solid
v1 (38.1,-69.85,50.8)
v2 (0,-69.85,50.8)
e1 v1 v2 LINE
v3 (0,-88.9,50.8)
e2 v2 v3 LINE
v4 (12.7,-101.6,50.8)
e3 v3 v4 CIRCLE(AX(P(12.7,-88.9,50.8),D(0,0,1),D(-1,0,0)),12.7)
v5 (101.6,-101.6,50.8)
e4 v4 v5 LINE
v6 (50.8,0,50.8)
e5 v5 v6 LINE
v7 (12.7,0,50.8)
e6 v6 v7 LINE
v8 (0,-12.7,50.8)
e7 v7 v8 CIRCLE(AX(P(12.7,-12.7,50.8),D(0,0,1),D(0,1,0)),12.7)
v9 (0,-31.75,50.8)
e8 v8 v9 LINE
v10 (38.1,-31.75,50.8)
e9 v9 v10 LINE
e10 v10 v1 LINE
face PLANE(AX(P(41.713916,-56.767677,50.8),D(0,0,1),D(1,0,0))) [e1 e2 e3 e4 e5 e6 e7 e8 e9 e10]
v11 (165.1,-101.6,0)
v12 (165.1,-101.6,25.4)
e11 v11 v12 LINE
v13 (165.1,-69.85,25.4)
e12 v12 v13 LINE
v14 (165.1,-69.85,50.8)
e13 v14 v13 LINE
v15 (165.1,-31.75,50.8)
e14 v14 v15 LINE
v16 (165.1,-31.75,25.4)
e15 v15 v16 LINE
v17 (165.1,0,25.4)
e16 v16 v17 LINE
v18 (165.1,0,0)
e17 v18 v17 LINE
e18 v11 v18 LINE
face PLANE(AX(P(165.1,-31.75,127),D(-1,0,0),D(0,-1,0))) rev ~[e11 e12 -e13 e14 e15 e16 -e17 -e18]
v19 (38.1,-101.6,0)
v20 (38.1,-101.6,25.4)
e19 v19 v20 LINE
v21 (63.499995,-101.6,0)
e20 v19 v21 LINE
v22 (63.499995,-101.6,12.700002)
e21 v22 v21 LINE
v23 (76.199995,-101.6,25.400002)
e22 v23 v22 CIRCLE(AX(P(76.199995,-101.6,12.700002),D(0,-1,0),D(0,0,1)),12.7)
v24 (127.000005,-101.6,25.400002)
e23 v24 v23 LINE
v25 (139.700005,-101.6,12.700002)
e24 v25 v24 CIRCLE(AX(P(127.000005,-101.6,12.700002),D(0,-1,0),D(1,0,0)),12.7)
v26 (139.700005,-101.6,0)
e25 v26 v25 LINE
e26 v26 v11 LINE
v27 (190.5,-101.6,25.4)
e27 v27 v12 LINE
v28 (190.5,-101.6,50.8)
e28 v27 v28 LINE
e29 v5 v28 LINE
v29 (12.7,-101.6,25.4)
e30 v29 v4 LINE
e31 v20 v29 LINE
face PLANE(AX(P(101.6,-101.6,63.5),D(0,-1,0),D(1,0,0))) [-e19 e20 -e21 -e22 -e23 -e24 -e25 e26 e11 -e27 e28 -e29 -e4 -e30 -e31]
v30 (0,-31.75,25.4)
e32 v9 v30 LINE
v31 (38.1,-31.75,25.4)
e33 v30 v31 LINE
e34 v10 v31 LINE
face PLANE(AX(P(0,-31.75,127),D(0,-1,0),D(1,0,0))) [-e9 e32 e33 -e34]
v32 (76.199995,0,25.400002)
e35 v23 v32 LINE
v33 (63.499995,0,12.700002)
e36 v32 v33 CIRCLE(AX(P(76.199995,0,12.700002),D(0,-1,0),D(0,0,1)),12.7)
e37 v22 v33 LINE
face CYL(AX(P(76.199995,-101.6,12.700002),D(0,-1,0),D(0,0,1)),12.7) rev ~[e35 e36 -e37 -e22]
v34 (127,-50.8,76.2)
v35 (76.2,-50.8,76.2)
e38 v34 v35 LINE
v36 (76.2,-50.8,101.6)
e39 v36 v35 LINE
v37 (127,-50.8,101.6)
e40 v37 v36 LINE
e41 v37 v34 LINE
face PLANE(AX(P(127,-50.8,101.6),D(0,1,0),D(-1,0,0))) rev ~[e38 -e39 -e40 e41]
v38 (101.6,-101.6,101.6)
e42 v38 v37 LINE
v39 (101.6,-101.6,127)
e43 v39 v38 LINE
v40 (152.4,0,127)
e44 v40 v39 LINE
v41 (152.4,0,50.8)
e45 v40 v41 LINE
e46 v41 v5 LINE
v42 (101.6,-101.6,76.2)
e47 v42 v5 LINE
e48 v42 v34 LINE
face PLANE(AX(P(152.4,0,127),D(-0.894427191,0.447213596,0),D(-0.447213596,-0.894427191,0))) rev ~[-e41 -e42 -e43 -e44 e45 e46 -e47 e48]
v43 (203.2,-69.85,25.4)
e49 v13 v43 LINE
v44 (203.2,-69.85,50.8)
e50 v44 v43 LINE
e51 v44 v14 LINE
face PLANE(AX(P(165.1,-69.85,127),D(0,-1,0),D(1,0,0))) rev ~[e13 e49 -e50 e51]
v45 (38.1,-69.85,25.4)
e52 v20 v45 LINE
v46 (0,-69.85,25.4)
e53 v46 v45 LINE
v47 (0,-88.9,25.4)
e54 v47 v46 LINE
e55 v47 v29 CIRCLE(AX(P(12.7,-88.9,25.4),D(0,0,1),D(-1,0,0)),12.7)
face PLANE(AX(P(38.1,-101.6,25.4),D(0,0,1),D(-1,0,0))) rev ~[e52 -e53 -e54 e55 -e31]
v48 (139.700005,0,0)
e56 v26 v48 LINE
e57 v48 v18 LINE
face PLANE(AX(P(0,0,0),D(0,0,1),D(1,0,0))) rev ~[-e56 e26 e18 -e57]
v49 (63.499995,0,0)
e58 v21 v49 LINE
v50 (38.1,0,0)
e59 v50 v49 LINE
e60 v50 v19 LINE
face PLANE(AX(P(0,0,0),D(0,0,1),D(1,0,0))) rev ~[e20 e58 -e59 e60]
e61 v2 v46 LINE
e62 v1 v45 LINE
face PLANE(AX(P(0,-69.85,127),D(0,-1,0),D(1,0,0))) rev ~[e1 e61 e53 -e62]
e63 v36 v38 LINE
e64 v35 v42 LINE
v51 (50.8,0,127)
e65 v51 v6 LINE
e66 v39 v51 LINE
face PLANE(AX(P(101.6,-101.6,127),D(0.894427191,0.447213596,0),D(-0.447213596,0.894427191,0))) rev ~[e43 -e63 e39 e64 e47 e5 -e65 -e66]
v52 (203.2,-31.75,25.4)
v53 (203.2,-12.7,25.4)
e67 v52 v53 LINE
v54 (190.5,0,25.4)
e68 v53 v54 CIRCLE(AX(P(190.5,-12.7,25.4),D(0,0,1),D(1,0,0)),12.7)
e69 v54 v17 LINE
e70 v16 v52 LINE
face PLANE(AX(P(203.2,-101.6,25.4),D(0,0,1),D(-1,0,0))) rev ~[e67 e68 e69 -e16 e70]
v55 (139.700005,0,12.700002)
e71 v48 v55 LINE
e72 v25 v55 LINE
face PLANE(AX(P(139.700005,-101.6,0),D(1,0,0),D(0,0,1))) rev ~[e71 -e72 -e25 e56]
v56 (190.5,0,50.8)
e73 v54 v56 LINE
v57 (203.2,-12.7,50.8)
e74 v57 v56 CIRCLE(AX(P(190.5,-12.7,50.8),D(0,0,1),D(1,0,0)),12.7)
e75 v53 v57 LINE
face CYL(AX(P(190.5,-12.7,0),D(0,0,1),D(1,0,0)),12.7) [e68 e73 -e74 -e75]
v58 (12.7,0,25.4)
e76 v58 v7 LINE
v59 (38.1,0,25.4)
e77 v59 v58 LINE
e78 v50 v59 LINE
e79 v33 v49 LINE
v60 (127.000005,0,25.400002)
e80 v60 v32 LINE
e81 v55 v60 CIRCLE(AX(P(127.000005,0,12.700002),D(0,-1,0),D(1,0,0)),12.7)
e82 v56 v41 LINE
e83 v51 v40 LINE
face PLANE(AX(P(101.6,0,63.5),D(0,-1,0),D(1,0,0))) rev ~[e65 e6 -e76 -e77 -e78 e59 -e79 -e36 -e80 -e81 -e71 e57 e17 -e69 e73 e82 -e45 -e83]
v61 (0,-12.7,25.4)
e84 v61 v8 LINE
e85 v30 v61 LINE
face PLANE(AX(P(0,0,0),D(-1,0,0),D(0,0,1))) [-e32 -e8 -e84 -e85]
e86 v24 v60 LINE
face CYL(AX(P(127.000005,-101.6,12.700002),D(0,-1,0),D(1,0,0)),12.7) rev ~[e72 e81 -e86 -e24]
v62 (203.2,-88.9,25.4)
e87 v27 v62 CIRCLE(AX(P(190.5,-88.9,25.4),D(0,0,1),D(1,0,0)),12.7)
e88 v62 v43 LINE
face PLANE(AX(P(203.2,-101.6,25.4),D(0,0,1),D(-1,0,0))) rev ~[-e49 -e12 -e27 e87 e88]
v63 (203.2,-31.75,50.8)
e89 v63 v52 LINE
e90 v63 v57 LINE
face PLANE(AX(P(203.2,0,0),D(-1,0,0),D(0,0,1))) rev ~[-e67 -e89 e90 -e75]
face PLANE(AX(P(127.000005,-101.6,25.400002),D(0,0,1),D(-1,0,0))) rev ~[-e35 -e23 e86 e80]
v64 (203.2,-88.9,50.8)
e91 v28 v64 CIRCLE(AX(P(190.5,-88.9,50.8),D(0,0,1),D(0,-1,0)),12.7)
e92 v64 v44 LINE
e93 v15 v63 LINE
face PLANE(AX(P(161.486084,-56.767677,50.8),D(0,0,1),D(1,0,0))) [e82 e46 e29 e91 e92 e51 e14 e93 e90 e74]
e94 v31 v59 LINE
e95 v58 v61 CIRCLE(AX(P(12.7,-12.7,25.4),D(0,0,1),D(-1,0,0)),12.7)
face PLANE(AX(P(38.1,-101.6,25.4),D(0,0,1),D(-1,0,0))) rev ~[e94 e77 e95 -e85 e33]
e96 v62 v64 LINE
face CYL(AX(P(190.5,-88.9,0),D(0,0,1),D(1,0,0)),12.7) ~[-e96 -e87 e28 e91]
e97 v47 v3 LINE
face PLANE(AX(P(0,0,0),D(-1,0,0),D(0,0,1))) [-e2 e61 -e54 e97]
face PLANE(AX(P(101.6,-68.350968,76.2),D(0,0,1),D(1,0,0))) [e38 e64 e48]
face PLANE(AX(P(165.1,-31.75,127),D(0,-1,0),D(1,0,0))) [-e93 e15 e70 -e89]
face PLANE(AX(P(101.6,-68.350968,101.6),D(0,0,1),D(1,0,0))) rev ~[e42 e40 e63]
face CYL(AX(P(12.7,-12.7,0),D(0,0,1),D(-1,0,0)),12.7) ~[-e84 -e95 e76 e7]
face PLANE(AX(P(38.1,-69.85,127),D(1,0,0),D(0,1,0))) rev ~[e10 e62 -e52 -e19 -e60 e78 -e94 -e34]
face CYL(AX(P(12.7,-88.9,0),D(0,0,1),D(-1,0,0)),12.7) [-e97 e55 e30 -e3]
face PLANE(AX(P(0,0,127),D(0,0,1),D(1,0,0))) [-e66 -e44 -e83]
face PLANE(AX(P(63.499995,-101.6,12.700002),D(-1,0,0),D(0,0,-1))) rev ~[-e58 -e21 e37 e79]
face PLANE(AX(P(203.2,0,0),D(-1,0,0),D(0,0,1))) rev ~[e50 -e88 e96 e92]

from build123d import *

# Parameters (mm, degrees)
F0_W      = 203.2
F0_H      = 127
F1_DEPTH  = 101.6
F2_R      = 12.7
F3_W      = 12.7
F3_H      = 25.4
F3_W_2    = 25.4
F4_DEPTH  = 101.601
F5_W      = 38.1
F5_H      = 19.05
F6_DEPTH  = 127.001
F8_DEPTH  = 76.2
F10_DEPTH = 101.601
F12_START = -25.4
F12_DEPTH = 25.4


with BuildPart() as f1:
    # F0 (on Front) → F1 (new body)
    with BuildSketch(Plane.XZ):
        with Locations((101.6, 63.5)):
            Rectangle(F0_W, F0_H)
    extrude(amount=F1_DEPTH)

    # F2
    f2_edges = [f1.edges().sort_by_distance(p)[0] for p in [
        (0, 0, 63.5),
        (0, -101.6, 63.5),
        (203.2, -101.6, 63.5),
        (203.2, 0, 63.5),
    ]]
    fillet(f2_edges, radius=F2_R)

    # F3 (on face) → F4 (cut, through all)
    with BuildSketch(Plane.XZ.offset(101.6)):
        with Locations((6.35, 12.7)):
            Rectangle(F3_W, F3_H)
        with Locations((25.4, 12.7)):
            Rectangle(F3_W_2, F3_H)
        with Locations((177.8, 12.7)):
            Rectangle(F3_W_2, F3_H)
        with Locations((196.85, 12.7)):
            Rectangle(F3_W, F3_H)
    extrude(amount=-F4_DEPTH, mode=Mode.SUBTRACT)

    # F5 (on face) → F6 (cut, through all)
    with BuildSketch(Plane.XY.offset(127)):
        with Locations((184.15, -41.275)):
            Rectangle(F5_W, F5_H)
        with Locations((184.15, -60.325)):
            Rectangle(F5_W, F5_H)
        with Locations((19.05, -41.275)):
            Rectangle(F5_W, F5_H)
        with Locations((19.05, -60.325)):
            Rectangle(F5_W, F5_H)
    extrude(amount=-F6_DEPTH, mode=Mode.SUBTRACT)

    # F7 (on face) → F8 (cut)
    with BuildSketch(Plane.XY.offset(127)):
        with BuildLine():
            Line((12.7, -101.6), (101.6, -101.6))
            Line((101.6, -101.6), (50.8, 0))
            Line((50.8, 0), (12.7, 0))
            ThreePointArc((12.7, 0), (3.7197438789, -3.7197438789), (0, -12.7))
            Line((0, -12.7), (0, -31.75))
            Line((0, -31.75), (38.1, -31.75))
            Line((38.1, -31.75), (38.1, -69.85))
            Line((38.1, -69.85), (0, -69.85))
            Line((0, -69.85), (0, -88.9))
            ThreePointArc((0, -88.9), (3.7197438789, -97.8802561211), (12.7, -101.6))
        make_face()
        with BuildLine():
            Line((190.5, 0), (152.4, 0))
            Line((152.4, 0), (101.6, -101.6))
            Line((101.6, -101.6), (190.5, -101.6))
            ThreePointArc((190.5, -101.6), (199.4802561211, -97.8802561211), (203.2, -88.9))
            Line((203.2, -88.9), (203.2, -69.85))
            Line((203.2, -69.85), (165.1, -69.85))
            Line((165.1, -69.85), (165.1, -31.75))
            Line((165.1, -31.75), (203.2, -31.75))
            Line((203.2, -31.75), (203.2, -12.7))
            ThreePointArc((203.2, -12.7), (199.4802561211, -3.7197438789), (190.5, 0))
        make_face()
    extrude(amount=-F8_DEPTH, mode=Mode.SUBTRACT)

    # F9 (on face) → F10 (cut, through all)
    with BuildSketch(Plane.XZ.offset(101.6)):
        with BuildLine():
            Line((63.499994576, 0), (101.6, 0))
            Line((101.6, 0), (101.6, 25.4000015557))
            Line((101.6, 25.4000015557), (76.199994576, 25.4000015557))
            ThreePointArc((76.199994576, 25.4000015557), (67.2197384549, 21.6802576768), (63.499994576, 12.7000015557))
            Line((63.499994576, 12.7000015557), (63.499994576, 0))
        make_face()
        with BuildLine():
            Line((101.6, 25.4000015557), (101.6, 0))
            Line((101.6, 0), (139.700005424, 0))
            Line((139.700005424, 0), (139.700005424, 12.7000015557))
            ThreePointArc((139.700005424, 12.7000015557), (135.9802615451, 21.6802576768), (127.000005424, 25.4000015557))
            Line((127.000005424, 25.4000015557), (101.6, 25.4000015557))
        make_face()
    extrude(amount=-F10_DEPTH, mode=Mode.SUBTRACT)

    # F11 (on face) → F12 (cut)
    with BuildSketch(Plane.XY.offset(127).offset(F12_START)):
        Polygon((127, -50.8), (76.2, -50.8), (101.6, -101.6), align=None)
    extrude(amount=-F12_DEPTH, mode=Mode.SUBTRACT)


solid = f1.part
